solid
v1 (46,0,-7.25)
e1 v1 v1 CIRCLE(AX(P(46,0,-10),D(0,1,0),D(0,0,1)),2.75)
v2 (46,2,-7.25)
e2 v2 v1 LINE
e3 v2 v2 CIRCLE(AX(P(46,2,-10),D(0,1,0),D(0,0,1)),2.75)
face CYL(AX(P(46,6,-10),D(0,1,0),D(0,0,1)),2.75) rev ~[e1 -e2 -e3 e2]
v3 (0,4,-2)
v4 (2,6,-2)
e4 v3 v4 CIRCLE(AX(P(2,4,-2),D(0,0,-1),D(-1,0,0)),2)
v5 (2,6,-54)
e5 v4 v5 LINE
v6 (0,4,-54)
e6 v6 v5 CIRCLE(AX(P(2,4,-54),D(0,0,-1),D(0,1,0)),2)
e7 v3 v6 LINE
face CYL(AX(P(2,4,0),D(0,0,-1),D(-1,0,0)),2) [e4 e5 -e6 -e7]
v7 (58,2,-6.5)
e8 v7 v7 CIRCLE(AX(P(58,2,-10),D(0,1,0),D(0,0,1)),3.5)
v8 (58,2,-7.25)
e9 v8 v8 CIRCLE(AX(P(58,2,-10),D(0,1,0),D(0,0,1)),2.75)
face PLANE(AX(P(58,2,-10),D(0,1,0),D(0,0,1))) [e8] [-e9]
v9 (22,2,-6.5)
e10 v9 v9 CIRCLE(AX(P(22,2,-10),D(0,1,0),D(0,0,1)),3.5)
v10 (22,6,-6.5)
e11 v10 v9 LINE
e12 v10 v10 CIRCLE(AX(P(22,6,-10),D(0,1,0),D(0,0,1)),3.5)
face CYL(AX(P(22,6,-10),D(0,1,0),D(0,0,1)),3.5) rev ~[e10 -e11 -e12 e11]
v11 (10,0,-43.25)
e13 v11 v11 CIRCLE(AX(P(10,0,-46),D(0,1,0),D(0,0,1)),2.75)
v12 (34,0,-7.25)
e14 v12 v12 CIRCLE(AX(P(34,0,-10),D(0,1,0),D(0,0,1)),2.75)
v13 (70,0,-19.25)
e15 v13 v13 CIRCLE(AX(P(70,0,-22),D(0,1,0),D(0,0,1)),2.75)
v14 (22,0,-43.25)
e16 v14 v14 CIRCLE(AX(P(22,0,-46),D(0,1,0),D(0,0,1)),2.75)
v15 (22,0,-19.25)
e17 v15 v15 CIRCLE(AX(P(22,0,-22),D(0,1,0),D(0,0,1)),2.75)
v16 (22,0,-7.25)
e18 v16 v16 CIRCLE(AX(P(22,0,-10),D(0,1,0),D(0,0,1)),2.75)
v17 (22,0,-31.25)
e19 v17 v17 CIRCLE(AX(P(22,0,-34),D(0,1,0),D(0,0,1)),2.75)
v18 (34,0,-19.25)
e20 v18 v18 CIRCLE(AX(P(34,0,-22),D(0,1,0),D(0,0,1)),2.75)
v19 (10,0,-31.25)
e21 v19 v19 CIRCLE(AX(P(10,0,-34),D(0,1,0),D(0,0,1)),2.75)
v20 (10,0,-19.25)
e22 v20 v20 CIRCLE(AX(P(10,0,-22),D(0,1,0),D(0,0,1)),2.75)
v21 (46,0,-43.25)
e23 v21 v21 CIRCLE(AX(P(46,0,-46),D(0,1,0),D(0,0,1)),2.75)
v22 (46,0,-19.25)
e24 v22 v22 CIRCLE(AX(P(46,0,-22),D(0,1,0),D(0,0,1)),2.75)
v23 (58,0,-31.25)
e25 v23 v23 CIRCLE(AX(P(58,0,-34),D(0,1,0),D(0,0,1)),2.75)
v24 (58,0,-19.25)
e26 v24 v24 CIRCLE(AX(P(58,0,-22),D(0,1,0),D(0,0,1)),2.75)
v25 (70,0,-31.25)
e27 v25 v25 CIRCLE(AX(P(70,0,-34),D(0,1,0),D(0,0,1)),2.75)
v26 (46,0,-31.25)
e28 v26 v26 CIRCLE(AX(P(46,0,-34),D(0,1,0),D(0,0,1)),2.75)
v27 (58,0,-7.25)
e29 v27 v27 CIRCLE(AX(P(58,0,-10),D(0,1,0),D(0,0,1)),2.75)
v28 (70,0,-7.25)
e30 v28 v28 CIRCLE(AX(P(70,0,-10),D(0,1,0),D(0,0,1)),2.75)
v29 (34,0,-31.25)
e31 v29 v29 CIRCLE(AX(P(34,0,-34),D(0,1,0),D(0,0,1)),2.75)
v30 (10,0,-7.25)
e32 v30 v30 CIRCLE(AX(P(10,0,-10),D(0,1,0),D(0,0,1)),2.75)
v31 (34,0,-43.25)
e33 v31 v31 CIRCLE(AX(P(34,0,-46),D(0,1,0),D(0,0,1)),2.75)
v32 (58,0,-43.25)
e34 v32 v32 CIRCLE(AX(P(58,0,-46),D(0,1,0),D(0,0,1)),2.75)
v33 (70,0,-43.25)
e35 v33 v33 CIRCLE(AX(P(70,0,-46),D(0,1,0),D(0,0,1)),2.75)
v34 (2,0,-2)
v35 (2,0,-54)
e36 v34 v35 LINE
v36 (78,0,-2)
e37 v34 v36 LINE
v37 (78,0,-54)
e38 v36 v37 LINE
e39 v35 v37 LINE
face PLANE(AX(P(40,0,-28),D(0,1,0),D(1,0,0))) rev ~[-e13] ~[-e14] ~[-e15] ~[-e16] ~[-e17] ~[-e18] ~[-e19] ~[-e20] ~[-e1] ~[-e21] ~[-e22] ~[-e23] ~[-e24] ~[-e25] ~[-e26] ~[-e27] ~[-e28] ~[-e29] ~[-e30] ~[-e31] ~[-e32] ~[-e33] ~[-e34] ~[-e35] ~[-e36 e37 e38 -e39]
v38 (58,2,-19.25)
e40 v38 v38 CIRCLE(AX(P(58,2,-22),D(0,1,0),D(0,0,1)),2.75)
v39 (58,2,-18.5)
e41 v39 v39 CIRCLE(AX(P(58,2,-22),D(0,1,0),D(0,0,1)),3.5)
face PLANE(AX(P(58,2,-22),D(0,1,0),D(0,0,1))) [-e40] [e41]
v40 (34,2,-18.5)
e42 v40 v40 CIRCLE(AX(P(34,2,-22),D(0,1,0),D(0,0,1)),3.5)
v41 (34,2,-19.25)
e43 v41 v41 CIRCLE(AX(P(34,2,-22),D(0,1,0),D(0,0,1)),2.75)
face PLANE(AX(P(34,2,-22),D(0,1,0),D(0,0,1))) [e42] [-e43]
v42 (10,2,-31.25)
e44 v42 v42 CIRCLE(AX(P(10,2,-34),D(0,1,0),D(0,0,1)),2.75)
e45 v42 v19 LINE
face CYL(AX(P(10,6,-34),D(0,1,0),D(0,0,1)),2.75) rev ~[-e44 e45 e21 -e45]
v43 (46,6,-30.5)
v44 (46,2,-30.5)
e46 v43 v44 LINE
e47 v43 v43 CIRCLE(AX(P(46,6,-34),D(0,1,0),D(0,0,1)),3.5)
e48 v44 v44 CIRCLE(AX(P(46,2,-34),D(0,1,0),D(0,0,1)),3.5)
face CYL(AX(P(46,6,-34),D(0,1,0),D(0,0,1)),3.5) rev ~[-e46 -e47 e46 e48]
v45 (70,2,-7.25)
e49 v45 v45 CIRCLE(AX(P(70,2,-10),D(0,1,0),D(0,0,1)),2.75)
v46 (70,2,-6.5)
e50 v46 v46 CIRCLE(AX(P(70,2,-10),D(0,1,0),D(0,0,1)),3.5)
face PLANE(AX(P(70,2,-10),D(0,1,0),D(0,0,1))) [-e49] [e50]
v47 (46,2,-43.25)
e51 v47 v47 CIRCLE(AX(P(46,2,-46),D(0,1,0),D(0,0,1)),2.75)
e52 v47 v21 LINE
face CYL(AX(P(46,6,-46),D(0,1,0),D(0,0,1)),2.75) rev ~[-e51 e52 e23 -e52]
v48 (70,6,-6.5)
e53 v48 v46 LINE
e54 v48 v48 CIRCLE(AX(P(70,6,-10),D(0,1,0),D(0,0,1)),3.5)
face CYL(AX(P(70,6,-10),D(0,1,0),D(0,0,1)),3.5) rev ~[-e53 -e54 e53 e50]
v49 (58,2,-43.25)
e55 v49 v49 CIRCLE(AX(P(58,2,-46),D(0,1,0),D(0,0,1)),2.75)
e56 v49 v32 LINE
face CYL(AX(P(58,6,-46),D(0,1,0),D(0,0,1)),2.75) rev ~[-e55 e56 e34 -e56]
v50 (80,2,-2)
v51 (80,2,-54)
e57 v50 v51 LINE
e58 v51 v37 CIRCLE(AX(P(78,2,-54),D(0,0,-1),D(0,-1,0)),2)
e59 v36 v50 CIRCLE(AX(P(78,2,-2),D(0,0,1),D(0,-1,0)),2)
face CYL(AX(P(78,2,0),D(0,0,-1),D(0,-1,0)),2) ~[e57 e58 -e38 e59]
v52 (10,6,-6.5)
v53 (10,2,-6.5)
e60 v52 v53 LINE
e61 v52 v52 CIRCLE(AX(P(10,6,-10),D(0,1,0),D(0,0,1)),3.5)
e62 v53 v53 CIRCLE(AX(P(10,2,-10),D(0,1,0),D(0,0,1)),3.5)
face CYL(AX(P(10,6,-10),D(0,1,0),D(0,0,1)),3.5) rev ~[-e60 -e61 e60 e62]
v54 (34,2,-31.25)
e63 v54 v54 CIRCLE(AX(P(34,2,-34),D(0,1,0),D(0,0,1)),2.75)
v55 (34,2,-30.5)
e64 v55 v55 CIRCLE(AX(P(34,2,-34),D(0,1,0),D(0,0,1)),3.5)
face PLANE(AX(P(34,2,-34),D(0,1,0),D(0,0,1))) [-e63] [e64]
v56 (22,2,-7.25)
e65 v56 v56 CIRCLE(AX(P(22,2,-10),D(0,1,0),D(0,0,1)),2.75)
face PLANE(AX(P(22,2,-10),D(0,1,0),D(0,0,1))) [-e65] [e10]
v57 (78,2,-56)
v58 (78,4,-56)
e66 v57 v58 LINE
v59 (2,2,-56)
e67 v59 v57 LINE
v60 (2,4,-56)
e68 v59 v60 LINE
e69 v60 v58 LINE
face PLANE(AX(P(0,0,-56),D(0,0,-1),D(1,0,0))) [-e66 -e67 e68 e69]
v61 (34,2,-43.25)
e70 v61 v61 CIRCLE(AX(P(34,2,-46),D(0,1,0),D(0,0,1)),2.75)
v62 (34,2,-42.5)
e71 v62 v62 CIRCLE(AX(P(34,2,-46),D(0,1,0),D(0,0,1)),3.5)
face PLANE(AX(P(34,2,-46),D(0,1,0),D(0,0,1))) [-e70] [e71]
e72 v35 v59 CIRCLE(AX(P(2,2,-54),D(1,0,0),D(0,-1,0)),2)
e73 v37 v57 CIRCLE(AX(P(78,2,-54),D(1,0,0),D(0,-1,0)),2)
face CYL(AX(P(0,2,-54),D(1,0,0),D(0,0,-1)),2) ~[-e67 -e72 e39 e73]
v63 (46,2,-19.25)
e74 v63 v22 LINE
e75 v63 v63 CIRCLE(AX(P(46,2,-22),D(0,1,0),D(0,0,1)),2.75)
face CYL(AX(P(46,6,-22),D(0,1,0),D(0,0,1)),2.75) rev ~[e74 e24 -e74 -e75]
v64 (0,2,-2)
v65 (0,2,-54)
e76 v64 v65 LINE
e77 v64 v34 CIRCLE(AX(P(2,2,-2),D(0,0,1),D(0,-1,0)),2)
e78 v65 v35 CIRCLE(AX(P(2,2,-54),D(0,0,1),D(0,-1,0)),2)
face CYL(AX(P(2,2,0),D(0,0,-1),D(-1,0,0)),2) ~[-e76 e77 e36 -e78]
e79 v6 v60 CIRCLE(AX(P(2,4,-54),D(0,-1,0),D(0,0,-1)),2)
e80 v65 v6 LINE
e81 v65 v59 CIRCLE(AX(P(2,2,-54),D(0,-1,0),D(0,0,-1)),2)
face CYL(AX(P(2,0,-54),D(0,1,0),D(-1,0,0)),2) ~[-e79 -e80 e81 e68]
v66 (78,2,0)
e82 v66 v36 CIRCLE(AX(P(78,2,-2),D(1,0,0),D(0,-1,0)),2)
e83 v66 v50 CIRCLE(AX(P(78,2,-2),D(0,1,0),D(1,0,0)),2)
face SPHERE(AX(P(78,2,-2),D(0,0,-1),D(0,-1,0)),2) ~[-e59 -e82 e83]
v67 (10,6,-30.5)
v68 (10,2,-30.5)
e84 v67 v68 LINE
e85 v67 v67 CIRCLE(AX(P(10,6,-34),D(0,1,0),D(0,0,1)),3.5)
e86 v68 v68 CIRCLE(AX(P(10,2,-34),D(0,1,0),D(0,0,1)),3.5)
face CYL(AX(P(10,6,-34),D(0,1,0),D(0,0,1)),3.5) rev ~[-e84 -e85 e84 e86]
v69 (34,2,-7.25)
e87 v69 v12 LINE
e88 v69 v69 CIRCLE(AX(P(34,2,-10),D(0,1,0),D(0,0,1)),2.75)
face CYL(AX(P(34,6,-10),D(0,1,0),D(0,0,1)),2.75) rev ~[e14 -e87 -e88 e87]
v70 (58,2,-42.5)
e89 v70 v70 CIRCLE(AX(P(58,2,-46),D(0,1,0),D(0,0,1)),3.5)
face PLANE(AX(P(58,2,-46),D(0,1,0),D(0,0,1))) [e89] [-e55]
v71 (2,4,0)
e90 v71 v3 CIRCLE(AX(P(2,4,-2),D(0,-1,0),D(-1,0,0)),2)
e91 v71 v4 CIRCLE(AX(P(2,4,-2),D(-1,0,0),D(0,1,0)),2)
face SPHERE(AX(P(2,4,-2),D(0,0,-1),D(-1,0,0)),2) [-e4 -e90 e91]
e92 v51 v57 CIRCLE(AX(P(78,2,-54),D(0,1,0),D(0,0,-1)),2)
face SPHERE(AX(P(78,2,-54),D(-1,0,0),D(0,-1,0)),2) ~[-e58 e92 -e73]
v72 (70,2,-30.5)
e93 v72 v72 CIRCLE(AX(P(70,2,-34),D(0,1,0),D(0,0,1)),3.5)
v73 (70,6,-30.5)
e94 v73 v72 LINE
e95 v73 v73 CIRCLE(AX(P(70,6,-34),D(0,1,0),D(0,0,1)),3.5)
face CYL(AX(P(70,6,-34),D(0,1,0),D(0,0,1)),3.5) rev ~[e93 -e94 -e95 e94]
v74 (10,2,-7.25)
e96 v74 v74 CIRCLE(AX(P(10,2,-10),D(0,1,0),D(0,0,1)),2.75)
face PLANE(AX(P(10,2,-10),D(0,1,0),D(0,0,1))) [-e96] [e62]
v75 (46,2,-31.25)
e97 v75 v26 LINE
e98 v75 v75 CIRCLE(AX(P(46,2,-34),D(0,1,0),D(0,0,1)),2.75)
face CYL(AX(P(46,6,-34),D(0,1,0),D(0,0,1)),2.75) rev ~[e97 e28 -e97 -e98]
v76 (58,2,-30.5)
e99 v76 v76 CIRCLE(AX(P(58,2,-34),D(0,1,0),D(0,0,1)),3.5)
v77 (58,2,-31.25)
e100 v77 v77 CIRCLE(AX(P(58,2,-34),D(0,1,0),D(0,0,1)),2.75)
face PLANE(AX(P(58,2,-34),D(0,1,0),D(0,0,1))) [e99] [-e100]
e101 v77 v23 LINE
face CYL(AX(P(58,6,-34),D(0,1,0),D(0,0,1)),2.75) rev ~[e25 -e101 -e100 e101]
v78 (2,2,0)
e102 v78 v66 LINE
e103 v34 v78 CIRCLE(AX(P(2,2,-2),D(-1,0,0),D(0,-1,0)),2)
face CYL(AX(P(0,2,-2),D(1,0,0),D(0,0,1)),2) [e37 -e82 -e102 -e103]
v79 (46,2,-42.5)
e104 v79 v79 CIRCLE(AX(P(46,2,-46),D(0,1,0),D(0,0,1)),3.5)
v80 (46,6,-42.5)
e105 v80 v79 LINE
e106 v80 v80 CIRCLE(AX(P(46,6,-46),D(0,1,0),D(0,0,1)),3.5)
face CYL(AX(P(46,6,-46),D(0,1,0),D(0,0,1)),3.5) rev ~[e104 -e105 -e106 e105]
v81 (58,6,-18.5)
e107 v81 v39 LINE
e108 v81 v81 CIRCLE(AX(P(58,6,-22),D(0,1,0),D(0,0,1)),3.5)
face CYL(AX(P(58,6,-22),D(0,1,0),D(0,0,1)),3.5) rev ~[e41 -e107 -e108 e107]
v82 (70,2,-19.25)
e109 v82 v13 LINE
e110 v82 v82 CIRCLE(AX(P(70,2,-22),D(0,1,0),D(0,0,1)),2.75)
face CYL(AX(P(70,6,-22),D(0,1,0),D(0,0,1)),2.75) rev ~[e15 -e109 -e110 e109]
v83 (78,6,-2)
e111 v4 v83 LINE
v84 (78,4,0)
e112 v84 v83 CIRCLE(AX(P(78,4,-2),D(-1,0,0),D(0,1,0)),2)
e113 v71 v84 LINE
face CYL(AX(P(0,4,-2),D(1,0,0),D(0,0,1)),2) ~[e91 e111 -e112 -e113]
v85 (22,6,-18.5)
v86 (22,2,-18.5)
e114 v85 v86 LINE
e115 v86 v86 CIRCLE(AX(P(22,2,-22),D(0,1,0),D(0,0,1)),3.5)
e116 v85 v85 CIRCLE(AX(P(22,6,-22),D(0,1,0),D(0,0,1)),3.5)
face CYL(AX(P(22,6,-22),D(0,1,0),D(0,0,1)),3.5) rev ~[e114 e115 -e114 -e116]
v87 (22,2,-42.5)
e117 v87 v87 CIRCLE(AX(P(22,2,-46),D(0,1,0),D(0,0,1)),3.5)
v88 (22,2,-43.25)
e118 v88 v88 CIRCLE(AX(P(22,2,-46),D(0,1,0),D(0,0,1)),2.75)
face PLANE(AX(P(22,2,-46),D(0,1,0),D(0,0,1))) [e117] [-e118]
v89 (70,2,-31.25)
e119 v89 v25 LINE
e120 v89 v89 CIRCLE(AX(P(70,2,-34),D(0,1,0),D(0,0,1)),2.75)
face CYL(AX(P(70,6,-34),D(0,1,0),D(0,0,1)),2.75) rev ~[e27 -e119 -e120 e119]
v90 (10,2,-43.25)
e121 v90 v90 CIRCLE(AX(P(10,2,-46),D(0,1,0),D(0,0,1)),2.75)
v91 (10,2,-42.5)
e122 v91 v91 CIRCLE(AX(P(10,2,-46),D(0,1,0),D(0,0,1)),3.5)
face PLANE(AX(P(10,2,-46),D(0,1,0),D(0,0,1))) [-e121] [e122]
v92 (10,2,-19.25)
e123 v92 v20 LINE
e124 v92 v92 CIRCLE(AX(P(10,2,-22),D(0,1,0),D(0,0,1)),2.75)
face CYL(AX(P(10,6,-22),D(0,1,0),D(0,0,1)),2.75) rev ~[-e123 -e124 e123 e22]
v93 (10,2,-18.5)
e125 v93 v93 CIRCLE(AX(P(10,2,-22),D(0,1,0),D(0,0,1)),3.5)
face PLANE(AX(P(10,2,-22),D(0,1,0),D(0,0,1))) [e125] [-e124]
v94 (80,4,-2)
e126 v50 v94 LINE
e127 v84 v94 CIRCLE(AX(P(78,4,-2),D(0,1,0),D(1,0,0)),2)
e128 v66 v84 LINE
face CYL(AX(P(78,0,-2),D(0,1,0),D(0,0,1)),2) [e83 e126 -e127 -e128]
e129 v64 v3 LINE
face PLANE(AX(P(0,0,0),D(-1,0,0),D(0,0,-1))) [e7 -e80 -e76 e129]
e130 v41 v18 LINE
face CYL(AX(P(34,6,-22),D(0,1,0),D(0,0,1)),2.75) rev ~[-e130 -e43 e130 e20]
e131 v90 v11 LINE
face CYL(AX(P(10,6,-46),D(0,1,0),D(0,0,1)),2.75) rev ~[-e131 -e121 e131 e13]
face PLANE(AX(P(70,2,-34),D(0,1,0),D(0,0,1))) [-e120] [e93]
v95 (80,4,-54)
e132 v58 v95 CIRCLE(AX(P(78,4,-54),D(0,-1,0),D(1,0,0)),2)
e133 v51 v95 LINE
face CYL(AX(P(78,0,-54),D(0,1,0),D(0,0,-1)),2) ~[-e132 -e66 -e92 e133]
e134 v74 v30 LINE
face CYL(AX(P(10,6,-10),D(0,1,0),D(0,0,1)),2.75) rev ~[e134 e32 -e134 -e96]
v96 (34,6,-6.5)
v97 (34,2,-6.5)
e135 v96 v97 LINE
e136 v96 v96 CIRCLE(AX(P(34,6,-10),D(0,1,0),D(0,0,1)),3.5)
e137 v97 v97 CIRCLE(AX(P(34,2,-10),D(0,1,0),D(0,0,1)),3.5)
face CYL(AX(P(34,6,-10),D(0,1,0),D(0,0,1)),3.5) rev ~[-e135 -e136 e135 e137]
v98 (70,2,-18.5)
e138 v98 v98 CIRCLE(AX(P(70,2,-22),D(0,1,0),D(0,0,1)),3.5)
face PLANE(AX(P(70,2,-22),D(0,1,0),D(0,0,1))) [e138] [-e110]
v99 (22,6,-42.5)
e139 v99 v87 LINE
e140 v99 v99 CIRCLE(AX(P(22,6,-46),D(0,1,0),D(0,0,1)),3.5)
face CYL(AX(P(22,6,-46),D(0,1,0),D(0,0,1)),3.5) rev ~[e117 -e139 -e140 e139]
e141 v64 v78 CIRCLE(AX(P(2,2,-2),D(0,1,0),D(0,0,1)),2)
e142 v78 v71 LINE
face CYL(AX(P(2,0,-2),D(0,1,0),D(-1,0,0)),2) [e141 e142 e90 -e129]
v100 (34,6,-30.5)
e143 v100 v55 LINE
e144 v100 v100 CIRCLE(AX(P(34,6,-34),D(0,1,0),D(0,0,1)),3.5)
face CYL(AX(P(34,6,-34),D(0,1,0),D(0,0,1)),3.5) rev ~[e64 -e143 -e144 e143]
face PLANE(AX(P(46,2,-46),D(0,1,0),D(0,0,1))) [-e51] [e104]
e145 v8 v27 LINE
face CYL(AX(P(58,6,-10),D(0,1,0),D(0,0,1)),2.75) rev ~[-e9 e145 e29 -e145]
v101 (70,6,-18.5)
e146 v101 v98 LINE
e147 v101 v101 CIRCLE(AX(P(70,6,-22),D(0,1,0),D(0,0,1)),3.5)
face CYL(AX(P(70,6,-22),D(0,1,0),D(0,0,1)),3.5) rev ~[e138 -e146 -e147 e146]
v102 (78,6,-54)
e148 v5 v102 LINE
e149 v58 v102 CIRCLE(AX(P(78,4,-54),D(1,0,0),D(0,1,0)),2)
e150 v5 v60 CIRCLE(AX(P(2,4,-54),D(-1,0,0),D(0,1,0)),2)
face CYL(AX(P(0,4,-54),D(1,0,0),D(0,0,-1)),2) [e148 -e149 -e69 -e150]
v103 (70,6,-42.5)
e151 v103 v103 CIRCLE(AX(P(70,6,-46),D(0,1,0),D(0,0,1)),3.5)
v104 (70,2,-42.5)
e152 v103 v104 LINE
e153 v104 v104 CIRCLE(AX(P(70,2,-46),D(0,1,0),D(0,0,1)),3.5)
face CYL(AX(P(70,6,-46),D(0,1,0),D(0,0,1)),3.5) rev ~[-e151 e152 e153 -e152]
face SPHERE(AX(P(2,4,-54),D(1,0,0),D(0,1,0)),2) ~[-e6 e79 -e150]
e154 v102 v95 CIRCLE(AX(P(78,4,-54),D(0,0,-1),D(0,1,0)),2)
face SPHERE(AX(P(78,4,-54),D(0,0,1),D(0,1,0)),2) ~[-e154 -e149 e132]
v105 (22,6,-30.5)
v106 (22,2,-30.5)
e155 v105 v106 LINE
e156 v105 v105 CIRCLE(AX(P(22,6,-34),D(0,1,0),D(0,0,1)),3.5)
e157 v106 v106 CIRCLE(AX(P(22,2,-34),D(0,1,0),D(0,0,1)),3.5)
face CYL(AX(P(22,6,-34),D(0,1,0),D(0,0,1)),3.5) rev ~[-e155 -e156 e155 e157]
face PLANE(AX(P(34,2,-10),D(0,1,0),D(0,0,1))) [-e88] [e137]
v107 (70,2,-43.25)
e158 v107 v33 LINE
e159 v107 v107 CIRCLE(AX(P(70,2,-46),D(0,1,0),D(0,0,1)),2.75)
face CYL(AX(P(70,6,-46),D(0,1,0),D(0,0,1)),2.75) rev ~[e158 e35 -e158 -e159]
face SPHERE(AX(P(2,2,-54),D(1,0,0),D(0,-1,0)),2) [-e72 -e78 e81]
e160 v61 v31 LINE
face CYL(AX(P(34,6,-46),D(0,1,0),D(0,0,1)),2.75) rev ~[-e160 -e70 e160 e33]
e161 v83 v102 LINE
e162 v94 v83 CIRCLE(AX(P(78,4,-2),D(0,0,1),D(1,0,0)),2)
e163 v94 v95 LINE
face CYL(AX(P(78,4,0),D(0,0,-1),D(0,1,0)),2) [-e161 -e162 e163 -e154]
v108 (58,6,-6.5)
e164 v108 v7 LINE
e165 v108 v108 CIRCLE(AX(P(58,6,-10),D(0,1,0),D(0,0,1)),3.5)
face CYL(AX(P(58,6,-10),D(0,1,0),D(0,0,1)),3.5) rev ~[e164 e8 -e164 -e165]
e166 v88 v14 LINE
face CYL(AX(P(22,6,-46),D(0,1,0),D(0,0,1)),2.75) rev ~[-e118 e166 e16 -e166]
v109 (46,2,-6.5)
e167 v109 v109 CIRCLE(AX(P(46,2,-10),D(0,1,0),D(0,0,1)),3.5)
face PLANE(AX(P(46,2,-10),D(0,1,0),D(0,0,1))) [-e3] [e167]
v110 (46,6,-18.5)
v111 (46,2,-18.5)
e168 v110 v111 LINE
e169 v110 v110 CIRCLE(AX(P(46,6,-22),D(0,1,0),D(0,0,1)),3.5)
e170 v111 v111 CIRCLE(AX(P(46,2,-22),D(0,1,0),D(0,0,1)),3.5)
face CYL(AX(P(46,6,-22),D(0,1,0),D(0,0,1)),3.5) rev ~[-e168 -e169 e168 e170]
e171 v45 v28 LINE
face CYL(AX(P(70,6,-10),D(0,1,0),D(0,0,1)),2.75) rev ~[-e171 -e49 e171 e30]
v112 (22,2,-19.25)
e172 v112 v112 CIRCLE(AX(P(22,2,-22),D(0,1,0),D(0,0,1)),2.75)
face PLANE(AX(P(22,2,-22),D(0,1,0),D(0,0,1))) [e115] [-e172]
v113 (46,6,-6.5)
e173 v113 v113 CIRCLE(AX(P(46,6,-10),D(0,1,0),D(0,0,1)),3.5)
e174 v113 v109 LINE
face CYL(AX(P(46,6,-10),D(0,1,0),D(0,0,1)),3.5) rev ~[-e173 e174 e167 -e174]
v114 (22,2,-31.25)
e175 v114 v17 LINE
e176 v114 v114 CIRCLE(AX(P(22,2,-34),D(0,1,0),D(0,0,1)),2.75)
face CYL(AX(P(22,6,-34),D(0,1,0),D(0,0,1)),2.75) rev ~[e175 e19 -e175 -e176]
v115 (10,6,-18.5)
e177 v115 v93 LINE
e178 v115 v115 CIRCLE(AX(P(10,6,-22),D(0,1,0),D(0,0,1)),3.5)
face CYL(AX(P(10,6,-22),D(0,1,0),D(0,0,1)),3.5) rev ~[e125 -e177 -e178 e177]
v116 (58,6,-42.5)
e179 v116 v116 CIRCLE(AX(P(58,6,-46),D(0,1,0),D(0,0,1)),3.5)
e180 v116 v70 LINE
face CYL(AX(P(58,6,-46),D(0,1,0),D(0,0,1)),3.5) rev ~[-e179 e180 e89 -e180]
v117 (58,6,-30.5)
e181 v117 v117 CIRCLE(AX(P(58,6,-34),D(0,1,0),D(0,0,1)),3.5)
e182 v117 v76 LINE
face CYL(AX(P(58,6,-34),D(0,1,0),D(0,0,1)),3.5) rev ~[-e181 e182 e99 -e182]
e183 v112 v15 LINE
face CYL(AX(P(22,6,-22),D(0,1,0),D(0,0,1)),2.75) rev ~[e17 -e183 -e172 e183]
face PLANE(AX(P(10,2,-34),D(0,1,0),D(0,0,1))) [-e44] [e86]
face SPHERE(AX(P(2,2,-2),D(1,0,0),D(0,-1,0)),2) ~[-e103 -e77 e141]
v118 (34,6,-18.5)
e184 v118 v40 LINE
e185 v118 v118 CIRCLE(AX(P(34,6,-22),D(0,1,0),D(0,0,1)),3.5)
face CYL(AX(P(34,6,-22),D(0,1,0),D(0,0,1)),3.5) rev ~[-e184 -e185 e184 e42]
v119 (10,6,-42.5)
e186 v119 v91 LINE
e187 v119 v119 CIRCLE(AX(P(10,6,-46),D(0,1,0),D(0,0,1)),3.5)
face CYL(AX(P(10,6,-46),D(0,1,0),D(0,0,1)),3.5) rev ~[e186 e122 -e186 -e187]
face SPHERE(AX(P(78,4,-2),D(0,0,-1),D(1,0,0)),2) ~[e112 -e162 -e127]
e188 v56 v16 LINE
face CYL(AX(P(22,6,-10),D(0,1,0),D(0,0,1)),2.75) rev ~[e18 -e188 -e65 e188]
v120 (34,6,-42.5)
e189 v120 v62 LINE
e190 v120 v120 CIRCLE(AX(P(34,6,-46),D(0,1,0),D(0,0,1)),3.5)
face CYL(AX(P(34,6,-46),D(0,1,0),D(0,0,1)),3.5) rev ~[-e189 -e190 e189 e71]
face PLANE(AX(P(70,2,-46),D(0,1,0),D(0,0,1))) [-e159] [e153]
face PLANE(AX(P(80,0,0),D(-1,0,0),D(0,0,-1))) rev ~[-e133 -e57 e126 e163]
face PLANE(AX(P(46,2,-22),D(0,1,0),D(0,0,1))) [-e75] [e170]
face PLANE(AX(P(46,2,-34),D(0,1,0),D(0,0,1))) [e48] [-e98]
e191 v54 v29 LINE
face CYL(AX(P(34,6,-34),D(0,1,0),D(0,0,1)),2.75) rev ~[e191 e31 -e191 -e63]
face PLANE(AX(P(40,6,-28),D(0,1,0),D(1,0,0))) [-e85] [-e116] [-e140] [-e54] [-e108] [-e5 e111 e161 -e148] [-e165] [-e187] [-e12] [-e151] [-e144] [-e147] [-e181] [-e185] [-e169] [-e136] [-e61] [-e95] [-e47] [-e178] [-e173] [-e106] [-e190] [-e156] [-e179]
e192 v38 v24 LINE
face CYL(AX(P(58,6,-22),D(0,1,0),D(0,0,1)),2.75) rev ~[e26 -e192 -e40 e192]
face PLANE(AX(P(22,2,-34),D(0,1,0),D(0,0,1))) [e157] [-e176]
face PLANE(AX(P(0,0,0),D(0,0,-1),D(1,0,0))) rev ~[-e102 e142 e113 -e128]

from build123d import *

# Parameters (mm, degrees)
SKETCH2_W            = 80
SKETCH2_H            = 56
BOSS_EXTRUDE1_DEPTH  = 6
SKETCH3_R            = 3.5
CUT_EXTRUDE1_DEPTH   = 4
SKETCH4_R            = 2.75
CUT_EXTRUDE2_DEPTH   = 98.836598469
LPATTERN1_COUNT      = 6
LPATTERN1_PITCH      = 12
LPATTERN1_COUNT_DIR2 = 4
LPATTERN1_PITCH_DIR2 = 12
FILLET1_R            = 2


with BuildPart() as part:
    # Sketch2 → Boss-Extrude1 (new body)
    with BuildSketch(Plane(origin=(0, 0, 0), x_dir=(1, 0, 0), z_dir=(0, 1, 0))):
        with Locations((40, 28)):
            Rectangle(SKETCH2_W, SKETCH2_H)
    extrude(amount=BOSS_EXTRUDE1_DEPTH)

    # Sketch3 → Cut-Extrude1 (cut)
    with BuildSketch(Plane(origin=(0, 6, 0), x_dir=(1, 0, 0), z_dir=(0, 1, 0))):
        with Locations(Location((10, 46, 0), (0, 0, 270))):
            Circle(SKETCH3_R)
    cut_extrude1 = extrude(amount=-CUT_EXTRUDE1_DEPTH, mode=Mode.SUBTRACT)

    # Sketch4 → Cut-Extrude2 (cut, through all)
    with BuildSketch(Plane(origin=(0, 6, 0), x_dir=(1, 0, 0), z_dir=(0, 1, 0))):
        with Locations(Location((10, 46, 0), (0, 0, 270))):
            Circle(SKETCH4_R)
    cut_extrude2 = extrude(amount=-CUT_EXTRUDE2_DEPTH, mode=Mode.SUBTRACT)

    # LPattern1: Cut-Extrude1, Cut-Extrude2 6 × 4
    with Locations(*[(i * LPATTERN1_PITCH, 0, j * LPATTERN1_PITCH_DIR2) for i in range(LPATTERN1_COUNT) for j in range(LPATTERN1_COUNT_DIR2) if (i, j) != (0, 0)]):
        add(cut_extrude1, mode=Mode.SUBTRACT)
        add(cut_extrude2, mode=Mode.SUBTRACT)

    # Fillet1
    fillet1_edges = [part.edges().sort_by_distance(p)[0] for p in [
        (80, 6, -28),
        (40, 6, -56),
        (0, 6, -28),
        (40, 0, -56),
        (80, 0, -28),
        (40, 0, 0),
        (0, 0, -28),
        (0, 3, -56),
        (80, 3, -56),
        (80, 3, 0),
        (0, 3, 0),
        (40, 6, 0),
    ]]
    fillet(fillet1_edges, radius=FILLET1_R)


solid = part.part
